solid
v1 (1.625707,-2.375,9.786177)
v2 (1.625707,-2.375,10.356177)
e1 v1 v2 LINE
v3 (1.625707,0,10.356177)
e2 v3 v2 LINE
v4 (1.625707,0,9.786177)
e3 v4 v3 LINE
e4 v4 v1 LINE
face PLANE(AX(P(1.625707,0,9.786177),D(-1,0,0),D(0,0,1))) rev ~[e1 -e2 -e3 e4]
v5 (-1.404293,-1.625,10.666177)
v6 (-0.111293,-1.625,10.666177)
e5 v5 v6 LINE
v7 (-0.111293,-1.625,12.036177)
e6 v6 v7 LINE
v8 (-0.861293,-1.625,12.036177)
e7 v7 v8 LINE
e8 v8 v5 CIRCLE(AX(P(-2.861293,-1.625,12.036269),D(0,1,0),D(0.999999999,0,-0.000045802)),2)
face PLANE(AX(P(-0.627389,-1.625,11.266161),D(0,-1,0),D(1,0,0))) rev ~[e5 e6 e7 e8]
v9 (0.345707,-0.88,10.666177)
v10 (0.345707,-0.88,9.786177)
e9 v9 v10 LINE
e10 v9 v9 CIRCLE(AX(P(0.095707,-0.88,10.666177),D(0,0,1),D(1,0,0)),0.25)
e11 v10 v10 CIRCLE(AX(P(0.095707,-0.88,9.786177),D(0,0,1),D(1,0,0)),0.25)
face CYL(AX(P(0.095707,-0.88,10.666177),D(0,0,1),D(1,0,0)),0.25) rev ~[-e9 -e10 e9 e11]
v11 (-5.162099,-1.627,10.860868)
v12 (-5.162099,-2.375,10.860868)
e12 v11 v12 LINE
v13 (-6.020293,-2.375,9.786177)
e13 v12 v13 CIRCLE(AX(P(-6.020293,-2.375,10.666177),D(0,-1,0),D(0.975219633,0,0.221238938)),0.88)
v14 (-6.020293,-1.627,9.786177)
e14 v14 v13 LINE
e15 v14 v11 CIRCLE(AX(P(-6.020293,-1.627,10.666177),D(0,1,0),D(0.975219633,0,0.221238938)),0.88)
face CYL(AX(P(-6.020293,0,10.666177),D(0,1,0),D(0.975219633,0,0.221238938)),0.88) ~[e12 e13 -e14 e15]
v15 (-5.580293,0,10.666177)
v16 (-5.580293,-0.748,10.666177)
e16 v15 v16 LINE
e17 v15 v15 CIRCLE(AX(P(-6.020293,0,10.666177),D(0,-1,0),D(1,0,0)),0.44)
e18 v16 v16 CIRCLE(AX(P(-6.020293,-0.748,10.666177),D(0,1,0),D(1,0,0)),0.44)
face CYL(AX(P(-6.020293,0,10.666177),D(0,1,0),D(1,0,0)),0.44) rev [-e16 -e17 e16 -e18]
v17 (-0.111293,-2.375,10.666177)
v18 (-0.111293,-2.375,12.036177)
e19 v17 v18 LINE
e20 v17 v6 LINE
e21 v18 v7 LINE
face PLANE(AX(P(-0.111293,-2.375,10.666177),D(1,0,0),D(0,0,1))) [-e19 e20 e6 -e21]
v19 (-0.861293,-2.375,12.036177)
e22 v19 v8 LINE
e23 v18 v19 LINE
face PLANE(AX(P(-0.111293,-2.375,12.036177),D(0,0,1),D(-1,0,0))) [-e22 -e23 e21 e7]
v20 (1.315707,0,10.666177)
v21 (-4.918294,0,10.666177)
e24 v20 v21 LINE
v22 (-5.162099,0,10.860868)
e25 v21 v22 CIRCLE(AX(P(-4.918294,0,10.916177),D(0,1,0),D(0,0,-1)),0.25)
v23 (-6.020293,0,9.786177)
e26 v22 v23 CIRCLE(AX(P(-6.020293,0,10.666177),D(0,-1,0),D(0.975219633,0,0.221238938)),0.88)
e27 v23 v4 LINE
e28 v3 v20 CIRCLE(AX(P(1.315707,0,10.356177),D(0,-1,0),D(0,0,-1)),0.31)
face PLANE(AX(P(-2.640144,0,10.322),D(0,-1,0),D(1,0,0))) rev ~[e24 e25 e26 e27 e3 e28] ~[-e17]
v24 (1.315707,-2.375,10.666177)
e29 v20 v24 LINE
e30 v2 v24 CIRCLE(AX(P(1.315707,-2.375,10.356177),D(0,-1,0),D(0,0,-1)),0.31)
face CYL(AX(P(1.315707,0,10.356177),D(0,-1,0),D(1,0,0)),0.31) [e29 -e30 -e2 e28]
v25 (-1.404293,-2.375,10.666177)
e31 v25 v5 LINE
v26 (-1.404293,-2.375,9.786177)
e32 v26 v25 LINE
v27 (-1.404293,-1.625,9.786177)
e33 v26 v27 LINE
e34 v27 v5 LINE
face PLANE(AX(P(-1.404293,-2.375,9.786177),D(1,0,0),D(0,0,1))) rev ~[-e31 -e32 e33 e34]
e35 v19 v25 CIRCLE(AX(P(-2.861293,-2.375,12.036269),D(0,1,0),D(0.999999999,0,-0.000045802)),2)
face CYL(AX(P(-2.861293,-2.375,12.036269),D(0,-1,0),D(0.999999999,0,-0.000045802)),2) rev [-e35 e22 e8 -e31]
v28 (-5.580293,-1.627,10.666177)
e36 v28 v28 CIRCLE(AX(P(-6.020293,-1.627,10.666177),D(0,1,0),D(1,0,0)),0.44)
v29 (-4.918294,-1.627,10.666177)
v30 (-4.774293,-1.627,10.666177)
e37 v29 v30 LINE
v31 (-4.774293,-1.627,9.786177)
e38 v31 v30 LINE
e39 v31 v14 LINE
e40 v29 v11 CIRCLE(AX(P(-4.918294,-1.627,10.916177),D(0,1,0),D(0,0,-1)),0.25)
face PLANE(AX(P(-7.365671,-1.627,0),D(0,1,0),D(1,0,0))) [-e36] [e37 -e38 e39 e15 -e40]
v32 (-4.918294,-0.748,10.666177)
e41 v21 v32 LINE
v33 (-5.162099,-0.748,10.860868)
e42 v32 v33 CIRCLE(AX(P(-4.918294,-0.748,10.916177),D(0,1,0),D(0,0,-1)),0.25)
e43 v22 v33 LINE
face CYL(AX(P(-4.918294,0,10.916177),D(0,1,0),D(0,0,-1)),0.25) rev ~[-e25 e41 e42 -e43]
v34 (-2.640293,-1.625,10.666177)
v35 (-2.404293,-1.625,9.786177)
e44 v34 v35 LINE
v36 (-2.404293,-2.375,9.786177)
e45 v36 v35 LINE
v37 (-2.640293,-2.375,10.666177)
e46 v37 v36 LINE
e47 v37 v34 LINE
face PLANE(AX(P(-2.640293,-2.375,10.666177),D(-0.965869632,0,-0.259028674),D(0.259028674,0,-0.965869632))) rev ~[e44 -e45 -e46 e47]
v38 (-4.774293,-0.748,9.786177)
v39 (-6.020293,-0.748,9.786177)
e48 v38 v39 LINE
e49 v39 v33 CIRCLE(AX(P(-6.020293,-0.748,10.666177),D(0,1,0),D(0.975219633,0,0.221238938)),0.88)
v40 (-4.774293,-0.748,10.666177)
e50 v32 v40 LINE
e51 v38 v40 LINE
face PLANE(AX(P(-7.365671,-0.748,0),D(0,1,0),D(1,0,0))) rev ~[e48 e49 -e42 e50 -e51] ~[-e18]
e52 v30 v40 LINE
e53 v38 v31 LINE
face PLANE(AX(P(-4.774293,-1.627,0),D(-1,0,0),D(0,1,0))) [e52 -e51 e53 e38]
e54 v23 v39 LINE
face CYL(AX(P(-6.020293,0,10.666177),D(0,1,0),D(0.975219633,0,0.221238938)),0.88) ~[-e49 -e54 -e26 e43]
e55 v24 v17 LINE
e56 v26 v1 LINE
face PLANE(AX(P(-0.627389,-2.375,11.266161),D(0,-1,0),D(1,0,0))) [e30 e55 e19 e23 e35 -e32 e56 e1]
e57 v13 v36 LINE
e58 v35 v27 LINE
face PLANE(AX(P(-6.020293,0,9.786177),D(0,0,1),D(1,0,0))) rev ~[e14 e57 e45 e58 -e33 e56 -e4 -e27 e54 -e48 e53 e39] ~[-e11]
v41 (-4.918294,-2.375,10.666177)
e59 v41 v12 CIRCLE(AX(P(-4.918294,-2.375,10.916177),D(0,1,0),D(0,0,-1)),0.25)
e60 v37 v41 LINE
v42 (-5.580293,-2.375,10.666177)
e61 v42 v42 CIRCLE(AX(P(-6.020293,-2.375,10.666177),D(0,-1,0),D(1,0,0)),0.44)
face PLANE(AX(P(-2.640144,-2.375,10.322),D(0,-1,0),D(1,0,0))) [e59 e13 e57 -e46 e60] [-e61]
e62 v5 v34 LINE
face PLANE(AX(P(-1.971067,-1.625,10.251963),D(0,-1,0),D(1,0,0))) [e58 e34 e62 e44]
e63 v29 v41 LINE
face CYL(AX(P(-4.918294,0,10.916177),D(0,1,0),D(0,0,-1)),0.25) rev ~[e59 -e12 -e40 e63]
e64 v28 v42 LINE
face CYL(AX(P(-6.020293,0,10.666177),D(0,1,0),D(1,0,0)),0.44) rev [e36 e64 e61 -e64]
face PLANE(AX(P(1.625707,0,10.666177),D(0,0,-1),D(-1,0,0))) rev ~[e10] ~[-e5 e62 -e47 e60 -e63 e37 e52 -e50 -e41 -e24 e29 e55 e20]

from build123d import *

# Parameters (mm, degrees)
F0_R     = 0.44
F1_DEPTH = 2.375
F2_W     = 2.5913788058
F2_H     = 0.879
F3_DEPTH = 25
F5_DEPTH = 0.75
F7_DEPTH = 0.75
F8_R     = 0.25
F9_DEPTH = 25
F10_R    = 0.31


with BuildPart() as f1:
    # F0 (on Front) → F1 (new body)
    with BuildSketch(Plane.XZ):
        with BuildLine():
            ThreePointArc((-4.9182944256, 10.6661773273), (-5.0742953332, 10.7208219669), (-5.1620993338, 10.8608675928))
            ThreePointArc((-5.1620993338, 10.8608675928), (-6.7079434791, 11.2153005222), (-6.0202926107, 9.7861773273))
            Line((-6.0202926107, 9.7861773273), (-5.5571346355, 9.7861773273))
            Line((-5.5571346355, 9.7861773273), (1.6257073893, 9.7861773273))
            Line((1.6257073893, 9.7861773273), (1.6257073893, 10.6661773273))
            Line((1.6257073893, 10.6661773273), (-4.9182944256, 10.6661773273))
        make_face()
        with Locations((-6.0202926107, 10.6661773273)):
            Circle(F0_R, mode=Mode.SUBTRACT)
    extrude(amount=F1_DEPTH)

    # F2 (on Top) → F3 (cut)
    with BuildSketch(Plane.XY):
        with Locations((-6.0699820136, -1.1875)):
            Rectangle(F2_W, F2_H)
    extrude(amount=F3_DEPTH, mode=Mode.SUBTRACT)

    # F4 (on face) → F5 (cut)
    with BuildSketch(Plane.XZ.offset(2.375)):
        Polygon((-1.4042926107, 10.6661773273), (-2.6402926107, 10.6661773273), (-2.4042926107, 9.7861773273), (-1.4042926107, 9.7861773273), align=None)
    extrude(amount=-F5_DEPTH, mode=Mode.SUBTRACT)

    # F6 (on face) → F7 (join)
    with BuildSketch(Plane.XZ.offset(2.375)):
        with BuildLine():
            ThreePointArc((-0.8612926107, 12.0361773273), (-1.0020085413, 11.2993410136), (-1.4042926107, 10.6661773273))
            Line((-1.4042926107, 10.6661773273), (-0.1112926107, 10.6661773273))
            Line((-0.1112926107, 10.6661773273), (-0.1112926107, 12.0361773273))
            Line((-0.1112926107, 12.0361773273), (-0.8612926107, 12.0361773273))
        make_face()
    extrude(amount=-F7_DEPTH)

    # F8 (on face) → F9 (cut)
    with BuildSketch(Plane.XY.offset(10.6661773273)):
        with Locations((0.0957073893, -0.88)):
            Circle(F8_R)
    extrude(amount=-F9_DEPTH, mode=Mode.SUBTRACT)

    # F10
    f10_edges = [f1.edges().sort_by_distance(p)[0] for p in [
        (1.625707, -1.1875, 10.666177),
    ]]
    fillet(f10_edges, radius=F10_R)


solid = f1.part
